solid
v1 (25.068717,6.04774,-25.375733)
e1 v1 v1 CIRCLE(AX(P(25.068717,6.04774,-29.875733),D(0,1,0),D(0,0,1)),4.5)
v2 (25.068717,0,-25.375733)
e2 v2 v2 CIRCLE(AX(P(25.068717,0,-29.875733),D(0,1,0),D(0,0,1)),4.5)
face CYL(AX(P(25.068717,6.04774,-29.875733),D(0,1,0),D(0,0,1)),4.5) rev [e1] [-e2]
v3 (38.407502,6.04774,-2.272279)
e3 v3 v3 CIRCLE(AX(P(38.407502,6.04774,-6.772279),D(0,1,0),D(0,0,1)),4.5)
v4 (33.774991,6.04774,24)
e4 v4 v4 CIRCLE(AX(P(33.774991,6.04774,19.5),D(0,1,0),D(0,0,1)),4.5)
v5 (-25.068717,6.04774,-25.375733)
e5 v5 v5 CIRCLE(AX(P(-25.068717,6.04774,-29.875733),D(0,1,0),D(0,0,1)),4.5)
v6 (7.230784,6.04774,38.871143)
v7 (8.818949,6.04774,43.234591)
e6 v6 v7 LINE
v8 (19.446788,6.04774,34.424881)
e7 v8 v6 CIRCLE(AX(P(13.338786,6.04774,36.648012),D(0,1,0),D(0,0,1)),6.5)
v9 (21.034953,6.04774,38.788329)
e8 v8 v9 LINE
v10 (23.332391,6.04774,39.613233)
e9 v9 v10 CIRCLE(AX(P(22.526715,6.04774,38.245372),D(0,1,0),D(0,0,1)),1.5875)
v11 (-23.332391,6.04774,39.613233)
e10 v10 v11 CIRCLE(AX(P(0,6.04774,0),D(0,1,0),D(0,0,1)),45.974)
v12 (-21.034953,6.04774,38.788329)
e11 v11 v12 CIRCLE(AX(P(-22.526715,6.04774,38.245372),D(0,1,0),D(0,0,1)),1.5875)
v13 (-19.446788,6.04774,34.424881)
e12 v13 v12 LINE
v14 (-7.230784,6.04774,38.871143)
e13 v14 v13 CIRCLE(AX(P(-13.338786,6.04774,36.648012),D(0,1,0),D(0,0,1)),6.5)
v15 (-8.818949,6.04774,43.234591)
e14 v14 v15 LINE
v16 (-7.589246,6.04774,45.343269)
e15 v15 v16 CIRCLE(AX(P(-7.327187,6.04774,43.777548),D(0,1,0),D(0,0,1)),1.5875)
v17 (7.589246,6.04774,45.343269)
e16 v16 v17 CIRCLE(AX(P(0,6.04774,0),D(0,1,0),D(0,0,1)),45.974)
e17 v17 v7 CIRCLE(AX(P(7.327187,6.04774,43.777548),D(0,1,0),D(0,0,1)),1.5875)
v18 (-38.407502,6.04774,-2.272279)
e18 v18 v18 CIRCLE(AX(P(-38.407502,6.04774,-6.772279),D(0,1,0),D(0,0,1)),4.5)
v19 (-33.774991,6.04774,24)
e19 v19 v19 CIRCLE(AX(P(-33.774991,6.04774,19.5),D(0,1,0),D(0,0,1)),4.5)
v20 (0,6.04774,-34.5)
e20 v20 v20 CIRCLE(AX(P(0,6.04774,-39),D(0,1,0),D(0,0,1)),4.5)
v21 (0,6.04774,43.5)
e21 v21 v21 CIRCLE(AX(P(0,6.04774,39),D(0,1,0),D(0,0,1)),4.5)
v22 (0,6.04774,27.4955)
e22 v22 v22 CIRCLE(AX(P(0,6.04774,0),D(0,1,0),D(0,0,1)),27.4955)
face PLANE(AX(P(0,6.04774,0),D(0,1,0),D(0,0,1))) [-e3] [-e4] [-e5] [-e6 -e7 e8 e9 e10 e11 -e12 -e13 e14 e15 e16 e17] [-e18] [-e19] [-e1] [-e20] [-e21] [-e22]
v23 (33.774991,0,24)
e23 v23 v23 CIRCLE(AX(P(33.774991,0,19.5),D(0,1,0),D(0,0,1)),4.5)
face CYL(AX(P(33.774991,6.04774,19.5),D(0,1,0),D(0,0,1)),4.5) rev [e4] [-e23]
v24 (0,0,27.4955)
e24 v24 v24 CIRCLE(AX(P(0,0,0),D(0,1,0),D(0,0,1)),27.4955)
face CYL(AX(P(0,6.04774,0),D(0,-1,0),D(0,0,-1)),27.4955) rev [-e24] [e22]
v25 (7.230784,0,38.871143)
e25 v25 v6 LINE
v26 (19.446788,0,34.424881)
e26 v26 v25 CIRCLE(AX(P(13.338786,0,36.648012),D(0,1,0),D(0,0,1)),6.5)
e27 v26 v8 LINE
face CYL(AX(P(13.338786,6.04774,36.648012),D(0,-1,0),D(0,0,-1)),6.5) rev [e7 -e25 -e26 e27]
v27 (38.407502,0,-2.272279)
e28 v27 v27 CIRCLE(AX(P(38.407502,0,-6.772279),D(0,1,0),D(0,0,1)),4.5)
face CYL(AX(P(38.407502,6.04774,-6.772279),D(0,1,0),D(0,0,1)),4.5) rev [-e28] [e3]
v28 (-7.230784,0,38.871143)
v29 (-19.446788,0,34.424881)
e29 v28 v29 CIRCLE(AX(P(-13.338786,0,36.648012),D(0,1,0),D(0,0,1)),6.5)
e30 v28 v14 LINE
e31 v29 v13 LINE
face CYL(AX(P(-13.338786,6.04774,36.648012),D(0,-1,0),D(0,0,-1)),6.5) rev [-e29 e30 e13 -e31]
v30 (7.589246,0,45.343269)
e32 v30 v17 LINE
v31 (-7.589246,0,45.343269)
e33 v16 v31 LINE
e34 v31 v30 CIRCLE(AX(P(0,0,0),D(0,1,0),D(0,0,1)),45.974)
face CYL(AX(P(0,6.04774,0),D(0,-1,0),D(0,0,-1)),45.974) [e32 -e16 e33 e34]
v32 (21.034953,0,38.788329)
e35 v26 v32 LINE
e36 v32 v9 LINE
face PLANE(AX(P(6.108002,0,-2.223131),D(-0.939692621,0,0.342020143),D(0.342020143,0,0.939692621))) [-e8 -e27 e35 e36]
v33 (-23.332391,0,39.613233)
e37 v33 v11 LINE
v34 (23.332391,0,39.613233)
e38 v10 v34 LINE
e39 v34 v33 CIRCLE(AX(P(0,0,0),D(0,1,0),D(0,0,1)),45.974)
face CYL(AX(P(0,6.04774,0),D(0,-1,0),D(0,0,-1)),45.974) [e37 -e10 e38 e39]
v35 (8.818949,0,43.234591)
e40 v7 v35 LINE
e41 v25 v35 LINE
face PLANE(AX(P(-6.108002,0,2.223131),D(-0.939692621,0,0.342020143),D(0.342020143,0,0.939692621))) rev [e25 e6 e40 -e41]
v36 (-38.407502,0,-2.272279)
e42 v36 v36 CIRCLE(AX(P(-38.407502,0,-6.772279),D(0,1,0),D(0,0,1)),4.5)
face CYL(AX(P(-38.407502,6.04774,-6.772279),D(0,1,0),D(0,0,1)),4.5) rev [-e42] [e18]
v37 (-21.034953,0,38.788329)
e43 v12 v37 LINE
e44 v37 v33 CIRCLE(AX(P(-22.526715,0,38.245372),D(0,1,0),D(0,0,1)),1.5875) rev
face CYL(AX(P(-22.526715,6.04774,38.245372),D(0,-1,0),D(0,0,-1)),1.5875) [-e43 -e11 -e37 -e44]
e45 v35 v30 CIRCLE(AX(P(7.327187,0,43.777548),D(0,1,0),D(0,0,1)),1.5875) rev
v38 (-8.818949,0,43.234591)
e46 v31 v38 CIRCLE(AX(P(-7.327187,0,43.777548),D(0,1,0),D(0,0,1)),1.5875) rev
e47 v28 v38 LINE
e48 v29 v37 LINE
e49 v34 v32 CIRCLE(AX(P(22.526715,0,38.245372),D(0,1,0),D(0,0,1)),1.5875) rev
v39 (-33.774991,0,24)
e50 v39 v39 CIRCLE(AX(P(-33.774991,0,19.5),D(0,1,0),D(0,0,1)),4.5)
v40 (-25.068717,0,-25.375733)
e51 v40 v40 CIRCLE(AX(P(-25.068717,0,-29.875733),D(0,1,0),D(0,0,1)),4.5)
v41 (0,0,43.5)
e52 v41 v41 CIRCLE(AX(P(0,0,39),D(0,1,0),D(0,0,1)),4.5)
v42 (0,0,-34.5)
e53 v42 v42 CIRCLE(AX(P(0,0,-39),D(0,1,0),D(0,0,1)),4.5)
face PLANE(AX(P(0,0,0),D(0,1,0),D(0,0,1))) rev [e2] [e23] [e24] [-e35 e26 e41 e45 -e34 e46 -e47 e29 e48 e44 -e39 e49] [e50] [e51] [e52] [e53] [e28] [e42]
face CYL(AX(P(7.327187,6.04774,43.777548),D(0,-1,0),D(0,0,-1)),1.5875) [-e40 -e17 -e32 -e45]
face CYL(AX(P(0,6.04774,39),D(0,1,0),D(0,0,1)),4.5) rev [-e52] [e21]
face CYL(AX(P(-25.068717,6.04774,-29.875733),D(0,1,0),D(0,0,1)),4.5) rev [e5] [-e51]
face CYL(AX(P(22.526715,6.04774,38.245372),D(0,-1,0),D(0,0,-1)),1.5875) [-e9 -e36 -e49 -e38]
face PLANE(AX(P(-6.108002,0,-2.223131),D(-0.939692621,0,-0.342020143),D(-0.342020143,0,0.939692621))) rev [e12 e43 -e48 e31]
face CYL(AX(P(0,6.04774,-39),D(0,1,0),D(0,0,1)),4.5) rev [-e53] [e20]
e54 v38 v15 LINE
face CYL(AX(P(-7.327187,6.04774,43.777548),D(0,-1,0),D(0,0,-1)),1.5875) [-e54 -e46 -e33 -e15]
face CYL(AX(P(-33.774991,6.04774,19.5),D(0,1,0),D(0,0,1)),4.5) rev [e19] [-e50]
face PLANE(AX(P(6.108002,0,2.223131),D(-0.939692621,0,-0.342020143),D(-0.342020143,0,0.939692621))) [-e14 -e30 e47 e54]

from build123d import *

# Parameters (mm, degrees)
SKETCH1_R            = 45.974
SKETCH1_R_2          = 27.4955
SKETCH1_R_3          = 6.5
BOSS_EXTRUDE1_DEPTH  = 6.04774
M8_CLEARANCE_HOLE1_D = 9
CIRPATTERN1_COUNT    = 18
CUT_EXTRUDE1_DEPTH   = 66.297722097
FILLET1_R            = 1.5875
FILLET1_OF_MIRROR1_R = 1.5875


with BuildPart() as part:
    # Sketch1 → Boss-Extrude1 (new body)
    with BuildSketch(Plane(origin=(0, 0, 0), x_dir=(1, 0, 0), z_dir=(0, 1, 0))):
        with Locations(Location((0, 0, 0), (0, 0, 270))):
            Circle(SKETCH1_R)
        with Locations(Location((0, 0, 0), (0, 0, 270))):
            Circle(SKETCH1_R_2, mode=Mode.SUBTRACT)
        with Locations(Location((-13.33878559, -36.648012211, 0), (0, 0, 270))):
            Circle(SKETCH1_R_3, mode=Mode.SUBTRACT)
        with Locations(Location((13.33878559, -36.648012211, 0), (0, 0, 270))):
            Circle(SKETCH1_R_3, mode=Mode.SUBTRACT)
    extrude(amount=BOSS_EXTRUDE1_DEPTH)

    # M8 Clearance Hole1 (through all)
    with Locations(Plane(origin=(0, 6.04774, 0), x_dir=(1, 0, 0), z_dir=(0, 1, 0))):
        with Locations((0, 39)):
            m8_clearance_hole1 = Hole(M8_CLEARANCE_HOLE1_D / 2)

    # CirPattern1: M8 Clearance Hole1 ×18 about axis, 10 skipped
    cirpattern1_axis = Axis((0, 6.04774, 0), (0, -1, 0))
    add([m8_clearance_hole1.rotate(cirpattern1_axis, i * 360 / CIRPATTERN1_COUNT) for i in range(1, CIRPATTERN1_COUNT) if i not in (1, 3, 5, 7, 8, 10, 11, 13, 15, 17)], mode=Mode.SUBTRACT)

    # Sketch6 → Cut-Extrude1 (cut, through all)
    with BuildSketch(Plane(origin=(0, 6.04774, 0), x_dir=(1, 0, 0), z_dir=(0, 1, 0))):
        with BuildLine():
            ThreePointArc((-7.230783555, -38.871143142), (-15.561916521, -42.756014246), (-19.446787625, -34.424881279))
            Line((-19.446787625, -34.424881279), (-21.674084917, -40.544330295))
            ThreePointArc((-21.674084917, -40.544330295), (-15.724034069, -43.201428548), (-9.458080846, -44.990592158))
            Line((-9.458080846, -44.990592158), (-7.230783555, -38.871143142))
        make_face()
    cut_extrude1 = extrude(amount=-CUT_EXTRUDE1_DEPTH, mode=Mode.SUBTRACT)

    # Fillet1
    fillet1_edges = [part.edges().sort_by_distance(p)[0] for p in [
        (-9.458080846, 3.02387, 44.990592158),
        (-21.674084917, 3.02387, 40.544330295),
    ]]
    fillet(fillet1_edges, radius=FILLET1_R)

    # Mirror1: Cut-Extrude1 across plane
    add(cut_extrude1.mirror(Plane(origin=(0, 0, 0), x_dir=(0, 0, 1), z_dir=(1, 0, 0))), mode=Mode.SUBTRACT)

    # Fillet1 of Mirror1
    fillet1_of_mirror1_edges = [part.edges().sort_by_distance(p)[0] for p in [
        (9.458080846, 3.02387, 44.990592158),
        (21.674084917, 3.02387, 40.544330295),
    ]]
    fillet(fillet1_of_mirror1_edges, radius=FILLET1_OF_MIRROR1_R)


solid = part.part
